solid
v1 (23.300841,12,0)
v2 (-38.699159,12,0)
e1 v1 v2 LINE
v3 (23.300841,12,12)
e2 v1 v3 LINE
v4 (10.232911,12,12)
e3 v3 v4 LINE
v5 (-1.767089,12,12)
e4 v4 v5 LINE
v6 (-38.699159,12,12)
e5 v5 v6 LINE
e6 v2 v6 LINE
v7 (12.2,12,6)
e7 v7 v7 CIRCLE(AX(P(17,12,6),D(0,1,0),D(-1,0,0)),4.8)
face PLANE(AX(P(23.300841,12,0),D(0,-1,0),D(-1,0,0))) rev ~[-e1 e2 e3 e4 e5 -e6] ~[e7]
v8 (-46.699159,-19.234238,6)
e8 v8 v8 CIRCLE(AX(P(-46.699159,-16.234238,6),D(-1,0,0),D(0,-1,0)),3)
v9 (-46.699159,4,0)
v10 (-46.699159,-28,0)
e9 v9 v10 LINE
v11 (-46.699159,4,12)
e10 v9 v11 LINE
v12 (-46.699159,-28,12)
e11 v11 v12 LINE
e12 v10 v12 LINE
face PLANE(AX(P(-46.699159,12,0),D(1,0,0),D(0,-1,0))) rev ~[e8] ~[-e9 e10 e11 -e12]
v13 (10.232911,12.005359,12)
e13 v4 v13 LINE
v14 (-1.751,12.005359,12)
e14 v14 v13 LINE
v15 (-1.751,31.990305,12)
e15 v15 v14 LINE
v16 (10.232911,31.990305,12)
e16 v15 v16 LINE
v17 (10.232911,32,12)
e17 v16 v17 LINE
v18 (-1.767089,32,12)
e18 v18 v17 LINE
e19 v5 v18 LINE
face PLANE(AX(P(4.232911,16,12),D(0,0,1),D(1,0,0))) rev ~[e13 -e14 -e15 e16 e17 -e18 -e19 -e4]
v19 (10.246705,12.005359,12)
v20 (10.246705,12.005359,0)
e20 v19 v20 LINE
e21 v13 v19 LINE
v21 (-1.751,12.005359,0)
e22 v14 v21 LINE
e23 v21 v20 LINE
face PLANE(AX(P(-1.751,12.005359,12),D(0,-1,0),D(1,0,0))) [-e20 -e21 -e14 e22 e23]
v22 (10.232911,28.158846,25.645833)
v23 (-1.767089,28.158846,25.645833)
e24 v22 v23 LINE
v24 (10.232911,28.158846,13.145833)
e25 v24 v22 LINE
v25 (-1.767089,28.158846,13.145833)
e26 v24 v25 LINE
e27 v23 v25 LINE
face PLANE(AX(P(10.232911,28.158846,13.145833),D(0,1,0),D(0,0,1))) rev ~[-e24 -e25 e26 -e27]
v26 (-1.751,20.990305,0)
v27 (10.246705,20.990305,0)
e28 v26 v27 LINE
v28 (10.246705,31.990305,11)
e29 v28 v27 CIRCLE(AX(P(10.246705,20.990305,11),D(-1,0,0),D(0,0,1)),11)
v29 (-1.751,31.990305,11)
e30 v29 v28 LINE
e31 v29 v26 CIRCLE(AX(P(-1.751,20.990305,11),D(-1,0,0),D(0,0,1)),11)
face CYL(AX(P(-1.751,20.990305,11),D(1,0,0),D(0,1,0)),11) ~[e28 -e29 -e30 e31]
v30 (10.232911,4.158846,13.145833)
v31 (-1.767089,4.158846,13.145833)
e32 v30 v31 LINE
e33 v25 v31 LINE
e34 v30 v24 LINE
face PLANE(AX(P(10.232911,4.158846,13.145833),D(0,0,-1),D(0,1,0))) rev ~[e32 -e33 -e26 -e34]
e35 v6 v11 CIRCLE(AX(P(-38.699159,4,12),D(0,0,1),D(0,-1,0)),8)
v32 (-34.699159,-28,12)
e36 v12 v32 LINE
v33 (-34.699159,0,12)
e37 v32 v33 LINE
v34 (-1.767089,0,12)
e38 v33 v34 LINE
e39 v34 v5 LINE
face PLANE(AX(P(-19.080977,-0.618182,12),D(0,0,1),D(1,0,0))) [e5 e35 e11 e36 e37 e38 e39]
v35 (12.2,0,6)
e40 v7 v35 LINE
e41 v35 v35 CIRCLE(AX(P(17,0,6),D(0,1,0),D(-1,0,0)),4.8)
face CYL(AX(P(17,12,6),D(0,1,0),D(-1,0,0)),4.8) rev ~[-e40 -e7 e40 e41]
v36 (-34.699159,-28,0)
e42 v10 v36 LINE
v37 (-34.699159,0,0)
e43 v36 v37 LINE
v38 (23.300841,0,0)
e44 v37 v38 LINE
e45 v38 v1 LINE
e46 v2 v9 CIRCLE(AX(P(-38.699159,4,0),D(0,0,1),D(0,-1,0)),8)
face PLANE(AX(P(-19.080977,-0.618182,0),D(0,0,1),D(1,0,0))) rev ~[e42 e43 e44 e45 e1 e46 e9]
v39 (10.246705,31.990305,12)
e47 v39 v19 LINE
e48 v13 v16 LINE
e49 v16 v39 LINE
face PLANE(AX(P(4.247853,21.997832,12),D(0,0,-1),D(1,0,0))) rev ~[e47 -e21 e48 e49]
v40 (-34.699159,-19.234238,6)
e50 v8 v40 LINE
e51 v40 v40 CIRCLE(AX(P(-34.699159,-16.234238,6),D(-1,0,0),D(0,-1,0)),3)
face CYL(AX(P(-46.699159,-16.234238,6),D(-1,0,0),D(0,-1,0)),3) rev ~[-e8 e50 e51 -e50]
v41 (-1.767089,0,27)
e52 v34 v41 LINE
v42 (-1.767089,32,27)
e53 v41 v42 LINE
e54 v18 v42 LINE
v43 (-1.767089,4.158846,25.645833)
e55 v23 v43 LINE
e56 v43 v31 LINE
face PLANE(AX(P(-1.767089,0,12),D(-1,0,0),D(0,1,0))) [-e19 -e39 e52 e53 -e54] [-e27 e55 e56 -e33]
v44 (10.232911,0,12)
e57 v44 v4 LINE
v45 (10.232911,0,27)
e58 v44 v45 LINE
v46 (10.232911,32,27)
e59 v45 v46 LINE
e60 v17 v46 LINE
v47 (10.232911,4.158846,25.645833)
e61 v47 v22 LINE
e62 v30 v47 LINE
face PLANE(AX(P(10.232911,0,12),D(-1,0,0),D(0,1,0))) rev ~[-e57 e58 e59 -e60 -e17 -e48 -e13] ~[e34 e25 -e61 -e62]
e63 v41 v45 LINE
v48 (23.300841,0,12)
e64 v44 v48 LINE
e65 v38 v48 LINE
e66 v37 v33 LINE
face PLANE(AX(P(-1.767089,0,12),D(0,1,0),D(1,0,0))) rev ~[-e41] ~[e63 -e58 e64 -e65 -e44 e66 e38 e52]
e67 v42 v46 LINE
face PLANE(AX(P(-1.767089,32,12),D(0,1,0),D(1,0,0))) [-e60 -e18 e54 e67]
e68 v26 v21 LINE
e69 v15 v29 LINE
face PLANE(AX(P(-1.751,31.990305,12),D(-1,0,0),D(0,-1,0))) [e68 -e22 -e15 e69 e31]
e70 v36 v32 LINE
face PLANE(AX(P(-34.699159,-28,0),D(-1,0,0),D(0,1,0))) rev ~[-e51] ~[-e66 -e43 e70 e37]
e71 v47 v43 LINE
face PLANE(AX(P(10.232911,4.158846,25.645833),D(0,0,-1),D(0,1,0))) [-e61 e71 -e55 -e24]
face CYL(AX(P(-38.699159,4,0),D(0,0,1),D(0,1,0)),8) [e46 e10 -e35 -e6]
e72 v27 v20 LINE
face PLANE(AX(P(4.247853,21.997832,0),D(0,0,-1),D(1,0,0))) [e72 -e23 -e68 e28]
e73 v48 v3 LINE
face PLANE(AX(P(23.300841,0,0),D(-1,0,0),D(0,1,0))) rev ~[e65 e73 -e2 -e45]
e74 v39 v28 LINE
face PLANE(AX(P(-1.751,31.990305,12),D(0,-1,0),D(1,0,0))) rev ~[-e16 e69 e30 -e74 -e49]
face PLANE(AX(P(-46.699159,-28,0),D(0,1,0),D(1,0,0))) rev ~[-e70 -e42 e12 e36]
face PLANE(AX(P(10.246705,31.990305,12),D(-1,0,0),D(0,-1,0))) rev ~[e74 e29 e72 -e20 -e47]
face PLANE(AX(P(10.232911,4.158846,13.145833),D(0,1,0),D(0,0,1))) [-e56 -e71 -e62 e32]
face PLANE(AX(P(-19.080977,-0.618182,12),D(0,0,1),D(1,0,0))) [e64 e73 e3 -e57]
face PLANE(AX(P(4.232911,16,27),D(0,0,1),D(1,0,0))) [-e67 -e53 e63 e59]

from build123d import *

# Parameters (mm, degrees)
PAD_DEPTH       = 12
SKETCH001_R     = 4.8
POCKET_DEPTH    = 13
SKETCH006_W     = 12
SKETCH006_H     = 32
PAD001_DEPTH    = 15
SKETCH007_W     = 24
SKETCH007_H     = 12.5
POCKET004_DEPTH = 13
SKETCH008_R     = 3
POCKET005_DEPTH = 13
SKETCH009_W     = 11.997705
SKETCH009_H     = 19.984946
PAD002_DEPTH    = 12
FILLET_R        = 11
FILLET001_R     = 8


with BuildPart() as part:
    # Sketch → Pad (new body)
    with BuildSketch(Plane.XY):
        Polygon((0, 0), (23.300841, 0), (23.300841, 12), (-46.699159, 12), (-46.699159, -28), (-34.699159, -28), (-34.699159, 0), align=None)
    extrude(amount=PAD_DEPTH)

    # Sketch001 (on Face3 of Pad) → Pocket (cut)
    with BuildSketch(Plane(origin=(0, 12, 0), x_dir=(-1, 0, 0), z_dir=(0, 1, 0))):
        with Locations((-17, 6)):
            Circle(SKETCH001_R)
    extrude(amount=-POCKET_DEPTH, mode=Mode.SUBTRACT)

    # Sketch006 → Pad001 (join)
    with BuildSketch(Plane.XY.offset(12)):
        with Locations((4.232911, 16)):
            Rectangle(SKETCH006_W, SKETCH006_H)
    extrude(amount=PAD001_DEPTH)

    # Sketch007 (on Face19 of Pad001) → Pocket004 (cut)
    with BuildSketch(Plane.YZ.offset(10.232911)):
        with Locations((16.158846, 19.395833)):
            Rectangle(SKETCH007_W, SKETCH007_H)
    extrude(amount=-POCKET004_DEPTH, mode=Mode.SUBTRACT)

    # Sketch008 (on Face5 of Pocket004) → Pocket005 (cut)
    with BuildSketch(Plane(origin=(-46.699159, 0, 0), x_dir=(0, -1, 0), z_dir=(-1, 0, 0))):
        with Locations((16.234238, 6)):
            Circle(SKETCH008_R)
    extrude(amount=-POCKET005_DEPTH, mode=Mode.SUBTRACT)

    # Sketch009 (on Face12 of Pocket005) → Pad002 (join)
    with BuildSketch(Plane(origin=(0, 0, 12), x_dir=(1, 0, 0), z_dir=(0, 0, -1))):
        with Locations((4.247853, -21.997832)):
            Rectangle(SKETCH009_W, SKETCH009_H)
    extrude(amount=PAD002_DEPTH)

    # Fillet
    fillet_edges = [part.edges().sort_by_distance(p)[0] for p in [
        (4.247853, 31.990305, 0),
    ]]
    fillet(fillet_edges, radius=FILLET_R)

    # Fillet001
    fillet001_edges = [part.edges().sort_by_distance(p)[0] for p in [
        (-46.699159, 12, 6),
    ]]
    fillet(fillet001_edges, radius=FILLET001_R)


solid = part.part
